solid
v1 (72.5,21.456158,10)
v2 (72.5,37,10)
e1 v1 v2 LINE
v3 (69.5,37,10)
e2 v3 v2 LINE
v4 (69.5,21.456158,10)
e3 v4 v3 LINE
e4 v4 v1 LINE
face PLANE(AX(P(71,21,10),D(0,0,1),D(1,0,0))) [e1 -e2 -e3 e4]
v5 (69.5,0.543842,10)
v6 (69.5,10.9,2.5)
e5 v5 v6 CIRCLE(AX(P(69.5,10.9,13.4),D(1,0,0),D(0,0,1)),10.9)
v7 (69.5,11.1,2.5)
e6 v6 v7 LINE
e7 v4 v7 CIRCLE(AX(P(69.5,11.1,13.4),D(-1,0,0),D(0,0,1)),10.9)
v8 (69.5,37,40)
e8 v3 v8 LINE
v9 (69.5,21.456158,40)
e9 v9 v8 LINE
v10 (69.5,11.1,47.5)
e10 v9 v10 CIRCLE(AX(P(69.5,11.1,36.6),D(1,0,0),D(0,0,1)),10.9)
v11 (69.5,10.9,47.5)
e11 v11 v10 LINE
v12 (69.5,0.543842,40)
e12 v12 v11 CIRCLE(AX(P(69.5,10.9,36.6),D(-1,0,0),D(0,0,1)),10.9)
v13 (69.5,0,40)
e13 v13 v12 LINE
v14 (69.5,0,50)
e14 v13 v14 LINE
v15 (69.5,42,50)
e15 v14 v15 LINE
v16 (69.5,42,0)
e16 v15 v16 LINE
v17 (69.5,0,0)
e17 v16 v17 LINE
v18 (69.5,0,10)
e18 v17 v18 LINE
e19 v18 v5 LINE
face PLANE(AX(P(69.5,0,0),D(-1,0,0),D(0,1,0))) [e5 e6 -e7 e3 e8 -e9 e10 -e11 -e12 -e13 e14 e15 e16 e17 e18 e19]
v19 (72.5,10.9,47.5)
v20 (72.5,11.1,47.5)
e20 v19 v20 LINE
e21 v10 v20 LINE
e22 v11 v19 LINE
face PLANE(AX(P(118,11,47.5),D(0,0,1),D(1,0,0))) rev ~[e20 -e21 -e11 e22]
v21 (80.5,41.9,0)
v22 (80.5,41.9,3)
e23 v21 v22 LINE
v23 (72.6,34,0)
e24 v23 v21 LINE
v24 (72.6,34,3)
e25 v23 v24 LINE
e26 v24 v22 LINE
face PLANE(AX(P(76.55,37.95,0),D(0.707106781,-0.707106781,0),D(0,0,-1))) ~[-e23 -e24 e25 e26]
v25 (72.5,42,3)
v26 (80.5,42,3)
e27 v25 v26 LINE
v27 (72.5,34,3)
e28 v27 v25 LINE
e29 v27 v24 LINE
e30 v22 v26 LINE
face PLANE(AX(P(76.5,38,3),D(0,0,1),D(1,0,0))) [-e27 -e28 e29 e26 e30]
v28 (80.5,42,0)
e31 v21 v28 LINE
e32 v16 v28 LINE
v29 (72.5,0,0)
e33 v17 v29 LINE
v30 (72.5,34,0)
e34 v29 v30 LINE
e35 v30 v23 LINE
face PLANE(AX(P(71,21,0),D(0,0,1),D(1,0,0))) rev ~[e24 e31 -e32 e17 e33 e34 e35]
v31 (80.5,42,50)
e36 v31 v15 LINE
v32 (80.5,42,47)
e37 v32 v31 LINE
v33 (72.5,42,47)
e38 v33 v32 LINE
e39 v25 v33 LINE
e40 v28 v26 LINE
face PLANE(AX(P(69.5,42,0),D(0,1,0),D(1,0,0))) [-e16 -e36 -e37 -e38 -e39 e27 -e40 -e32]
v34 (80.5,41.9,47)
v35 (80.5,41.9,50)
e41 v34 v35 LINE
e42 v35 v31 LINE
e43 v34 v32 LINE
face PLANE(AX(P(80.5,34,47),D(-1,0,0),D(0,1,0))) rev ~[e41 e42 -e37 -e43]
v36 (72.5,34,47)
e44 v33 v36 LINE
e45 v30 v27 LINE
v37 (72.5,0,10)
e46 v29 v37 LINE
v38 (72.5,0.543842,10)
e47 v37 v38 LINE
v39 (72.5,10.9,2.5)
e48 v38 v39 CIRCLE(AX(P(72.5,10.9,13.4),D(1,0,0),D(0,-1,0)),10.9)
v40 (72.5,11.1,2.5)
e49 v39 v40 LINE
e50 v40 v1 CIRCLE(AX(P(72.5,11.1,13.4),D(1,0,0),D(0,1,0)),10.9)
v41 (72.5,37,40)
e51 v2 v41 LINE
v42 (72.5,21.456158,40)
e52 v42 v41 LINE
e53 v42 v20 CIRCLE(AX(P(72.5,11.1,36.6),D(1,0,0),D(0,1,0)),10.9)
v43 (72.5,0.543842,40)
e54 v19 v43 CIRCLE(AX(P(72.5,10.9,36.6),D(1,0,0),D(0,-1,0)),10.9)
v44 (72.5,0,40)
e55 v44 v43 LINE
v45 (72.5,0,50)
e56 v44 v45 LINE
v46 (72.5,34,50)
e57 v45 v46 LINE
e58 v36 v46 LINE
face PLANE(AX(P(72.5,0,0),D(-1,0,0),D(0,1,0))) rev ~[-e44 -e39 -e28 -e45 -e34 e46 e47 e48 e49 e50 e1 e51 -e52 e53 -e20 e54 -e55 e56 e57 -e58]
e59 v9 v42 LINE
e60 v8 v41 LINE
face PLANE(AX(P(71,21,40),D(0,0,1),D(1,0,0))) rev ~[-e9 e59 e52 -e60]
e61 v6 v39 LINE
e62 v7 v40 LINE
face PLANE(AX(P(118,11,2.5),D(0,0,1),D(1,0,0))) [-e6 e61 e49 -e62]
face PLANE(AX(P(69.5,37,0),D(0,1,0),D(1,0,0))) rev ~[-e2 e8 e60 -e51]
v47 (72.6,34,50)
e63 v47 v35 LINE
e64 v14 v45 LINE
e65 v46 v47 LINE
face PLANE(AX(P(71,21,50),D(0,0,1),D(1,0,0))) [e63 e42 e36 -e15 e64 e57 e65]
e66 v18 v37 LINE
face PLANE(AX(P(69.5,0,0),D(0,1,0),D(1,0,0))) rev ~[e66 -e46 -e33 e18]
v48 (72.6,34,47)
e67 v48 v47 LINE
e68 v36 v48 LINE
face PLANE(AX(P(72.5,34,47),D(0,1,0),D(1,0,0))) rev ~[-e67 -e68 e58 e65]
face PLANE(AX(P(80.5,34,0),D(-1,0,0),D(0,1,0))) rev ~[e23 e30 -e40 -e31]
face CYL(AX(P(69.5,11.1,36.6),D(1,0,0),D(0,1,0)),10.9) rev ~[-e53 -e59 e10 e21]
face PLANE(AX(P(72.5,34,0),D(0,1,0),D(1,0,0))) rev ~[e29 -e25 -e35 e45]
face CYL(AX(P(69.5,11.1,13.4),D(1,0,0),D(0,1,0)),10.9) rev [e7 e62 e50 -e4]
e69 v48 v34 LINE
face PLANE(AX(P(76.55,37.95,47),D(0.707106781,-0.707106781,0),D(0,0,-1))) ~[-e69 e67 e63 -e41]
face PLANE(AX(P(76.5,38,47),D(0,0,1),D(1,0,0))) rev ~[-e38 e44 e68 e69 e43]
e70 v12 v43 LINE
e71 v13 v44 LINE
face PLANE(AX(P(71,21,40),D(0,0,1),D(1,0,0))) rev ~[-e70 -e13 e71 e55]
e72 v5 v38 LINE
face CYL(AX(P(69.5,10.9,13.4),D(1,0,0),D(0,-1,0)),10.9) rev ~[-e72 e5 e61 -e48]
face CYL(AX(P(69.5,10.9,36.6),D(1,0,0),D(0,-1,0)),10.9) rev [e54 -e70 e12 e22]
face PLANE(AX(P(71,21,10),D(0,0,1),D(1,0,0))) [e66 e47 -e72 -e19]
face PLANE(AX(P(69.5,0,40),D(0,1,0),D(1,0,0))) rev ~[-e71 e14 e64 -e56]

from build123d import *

# Parameters (mm, degrees)
BOX281_W        = 97
BOX281_H        = 22
BOX281_DEPTH    = 45
FILLET032_R     = 10.9
BOX277_W        = 8
BOX277_H        = 8
BOX277_DEPTH    = 3
CHAMFER052_SIZE = 7.9
BOX278_W        = 3
BOX278_H        = 5
BOX278_DEPTH    = 50
BOX280_W        = 3
BOX280_H        = 42
BOX280_DEPTH    = 10
BOX279_W        = 3
BOX279_H        = 42
BOX279_DEPTH    = 10
BOX276_W        = 8
BOX276_H        = 8
BOX276_DEPTH    = 3
CHAMFER051_SIZE = 7.9


with BuildPart() as battery_pack002:
    # Box281 → Box281 (new body)
    with BuildSketch(Plane.XY):
        with Locations((48.5, 11)):
            Rectangle(BOX281_W, BOX281_H)
    extrude(amount=BOX281_DEPTH)

    # Fillet032
    fillet032_edges = [battery_pack002.edges().sort_by_distance(p)[0] for p in [
        (48.5, 0, 0),
        (48.5, 0, 45),
        (48.5, 22, 0),
        (48.5, 22, 45),
    ]]
    fillet(fillet032_edges, radius=FILLET032_R)


with BuildPart() as battery_pack002_1:
    # Fillet032 placement: moved
    add(battery_pack002.part.moved(Location((0, 0, 2.5))))


with BuildPart() as chamfer052:
    # Box277 → Box277 (new body)
    with BuildSketch(Plane(origin=(3, 32, 0), x_dir=(1, 0, 0), z_dir=(0, 0, 1))):
        with Locations((4, 4)):
            Rectangle(BOX277_W, BOX277_H)
    extrude(amount=BOX277_DEPTH)

    # Chamfer052
    chamfer052_edges = [chamfer052.edges().sort_by_distance(p)[0] for p in [
        (11, 32, 1.5),
    ]]
    chamfer(chamfer052_edges, length=CHAMFER052_SIZE)


with BuildPart() as chamfer052_1:
    # Chamfer052 placement: moved
    add(chamfer052.part.moved(Location((0, 2, 47))))


with BuildPart() as cube249:
    # Box278 → Box278 (new body)
    with BuildSketch(Plane(origin=(0, 37, 0), x_dir=(1, 0, 0), z_dir=(0, 0, 1))):
        with Locations((1.5, 2.5)):
            Rectangle(BOX278_W, BOX278_H)
    extrude(amount=BOX278_DEPTH)


with BuildPart() as cube251:
    # Box280 → Box280 (new body)
    with BuildSketch(Plane.XY.offset(40)):
        with Locations((1.5, 21)):
            Rectangle(BOX280_W, BOX280_H)
    extrude(amount=BOX280_DEPTH)


with BuildPart() as cube250:
    # Box279 → Box279 (new body)
    with BuildSketch(Plane.XY):
        with Locations((1.5, 21)):
            Rectangle(BOX279_W, BOX279_H)
    extrude(amount=BOX279_DEPTH)


with BuildPart() as cut199:
    # Box276 → Box276 (new body)
    with BuildSketch(Plane(origin=(3, 32, 0), x_dir=(1, 0, 0), z_dir=(0, 0, 1))):
        with Locations((4, 4)):
            Rectangle(BOX276_W, BOX276_H)
    extrude(amount=BOX276_DEPTH)

    # Chamfer051
    chamfer051_edges = [cut199.edges().sort_by_distance(p)[0] for p in [
        (11, 32, 1.5),
    ]]
    chamfer(chamfer051_edges, length=CHAMFER051_SIZE)


with BuildPart() as cut199_1:
    # Chamfer051 placement: moved
    add(cut199.part.moved(Location((0, 2, 0))))

    # Fusion074: union Chamfer052, Cube249, Cube251, Cube250
    add(chamfer052_1.part)
    add(cube249.part)
    add(cube251.part)
    add(cube250.part)

    # Cut199: cut Battery pack002
    add(battery_pack002_1.part, mode=Mode.SUBTRACT)


with BuildPart() as cut199_2:
    # Cut199 placement: moved
    add(cut199_1.part.moved(Location((69.5, 0, 0))))


solid = cut199_2.part
